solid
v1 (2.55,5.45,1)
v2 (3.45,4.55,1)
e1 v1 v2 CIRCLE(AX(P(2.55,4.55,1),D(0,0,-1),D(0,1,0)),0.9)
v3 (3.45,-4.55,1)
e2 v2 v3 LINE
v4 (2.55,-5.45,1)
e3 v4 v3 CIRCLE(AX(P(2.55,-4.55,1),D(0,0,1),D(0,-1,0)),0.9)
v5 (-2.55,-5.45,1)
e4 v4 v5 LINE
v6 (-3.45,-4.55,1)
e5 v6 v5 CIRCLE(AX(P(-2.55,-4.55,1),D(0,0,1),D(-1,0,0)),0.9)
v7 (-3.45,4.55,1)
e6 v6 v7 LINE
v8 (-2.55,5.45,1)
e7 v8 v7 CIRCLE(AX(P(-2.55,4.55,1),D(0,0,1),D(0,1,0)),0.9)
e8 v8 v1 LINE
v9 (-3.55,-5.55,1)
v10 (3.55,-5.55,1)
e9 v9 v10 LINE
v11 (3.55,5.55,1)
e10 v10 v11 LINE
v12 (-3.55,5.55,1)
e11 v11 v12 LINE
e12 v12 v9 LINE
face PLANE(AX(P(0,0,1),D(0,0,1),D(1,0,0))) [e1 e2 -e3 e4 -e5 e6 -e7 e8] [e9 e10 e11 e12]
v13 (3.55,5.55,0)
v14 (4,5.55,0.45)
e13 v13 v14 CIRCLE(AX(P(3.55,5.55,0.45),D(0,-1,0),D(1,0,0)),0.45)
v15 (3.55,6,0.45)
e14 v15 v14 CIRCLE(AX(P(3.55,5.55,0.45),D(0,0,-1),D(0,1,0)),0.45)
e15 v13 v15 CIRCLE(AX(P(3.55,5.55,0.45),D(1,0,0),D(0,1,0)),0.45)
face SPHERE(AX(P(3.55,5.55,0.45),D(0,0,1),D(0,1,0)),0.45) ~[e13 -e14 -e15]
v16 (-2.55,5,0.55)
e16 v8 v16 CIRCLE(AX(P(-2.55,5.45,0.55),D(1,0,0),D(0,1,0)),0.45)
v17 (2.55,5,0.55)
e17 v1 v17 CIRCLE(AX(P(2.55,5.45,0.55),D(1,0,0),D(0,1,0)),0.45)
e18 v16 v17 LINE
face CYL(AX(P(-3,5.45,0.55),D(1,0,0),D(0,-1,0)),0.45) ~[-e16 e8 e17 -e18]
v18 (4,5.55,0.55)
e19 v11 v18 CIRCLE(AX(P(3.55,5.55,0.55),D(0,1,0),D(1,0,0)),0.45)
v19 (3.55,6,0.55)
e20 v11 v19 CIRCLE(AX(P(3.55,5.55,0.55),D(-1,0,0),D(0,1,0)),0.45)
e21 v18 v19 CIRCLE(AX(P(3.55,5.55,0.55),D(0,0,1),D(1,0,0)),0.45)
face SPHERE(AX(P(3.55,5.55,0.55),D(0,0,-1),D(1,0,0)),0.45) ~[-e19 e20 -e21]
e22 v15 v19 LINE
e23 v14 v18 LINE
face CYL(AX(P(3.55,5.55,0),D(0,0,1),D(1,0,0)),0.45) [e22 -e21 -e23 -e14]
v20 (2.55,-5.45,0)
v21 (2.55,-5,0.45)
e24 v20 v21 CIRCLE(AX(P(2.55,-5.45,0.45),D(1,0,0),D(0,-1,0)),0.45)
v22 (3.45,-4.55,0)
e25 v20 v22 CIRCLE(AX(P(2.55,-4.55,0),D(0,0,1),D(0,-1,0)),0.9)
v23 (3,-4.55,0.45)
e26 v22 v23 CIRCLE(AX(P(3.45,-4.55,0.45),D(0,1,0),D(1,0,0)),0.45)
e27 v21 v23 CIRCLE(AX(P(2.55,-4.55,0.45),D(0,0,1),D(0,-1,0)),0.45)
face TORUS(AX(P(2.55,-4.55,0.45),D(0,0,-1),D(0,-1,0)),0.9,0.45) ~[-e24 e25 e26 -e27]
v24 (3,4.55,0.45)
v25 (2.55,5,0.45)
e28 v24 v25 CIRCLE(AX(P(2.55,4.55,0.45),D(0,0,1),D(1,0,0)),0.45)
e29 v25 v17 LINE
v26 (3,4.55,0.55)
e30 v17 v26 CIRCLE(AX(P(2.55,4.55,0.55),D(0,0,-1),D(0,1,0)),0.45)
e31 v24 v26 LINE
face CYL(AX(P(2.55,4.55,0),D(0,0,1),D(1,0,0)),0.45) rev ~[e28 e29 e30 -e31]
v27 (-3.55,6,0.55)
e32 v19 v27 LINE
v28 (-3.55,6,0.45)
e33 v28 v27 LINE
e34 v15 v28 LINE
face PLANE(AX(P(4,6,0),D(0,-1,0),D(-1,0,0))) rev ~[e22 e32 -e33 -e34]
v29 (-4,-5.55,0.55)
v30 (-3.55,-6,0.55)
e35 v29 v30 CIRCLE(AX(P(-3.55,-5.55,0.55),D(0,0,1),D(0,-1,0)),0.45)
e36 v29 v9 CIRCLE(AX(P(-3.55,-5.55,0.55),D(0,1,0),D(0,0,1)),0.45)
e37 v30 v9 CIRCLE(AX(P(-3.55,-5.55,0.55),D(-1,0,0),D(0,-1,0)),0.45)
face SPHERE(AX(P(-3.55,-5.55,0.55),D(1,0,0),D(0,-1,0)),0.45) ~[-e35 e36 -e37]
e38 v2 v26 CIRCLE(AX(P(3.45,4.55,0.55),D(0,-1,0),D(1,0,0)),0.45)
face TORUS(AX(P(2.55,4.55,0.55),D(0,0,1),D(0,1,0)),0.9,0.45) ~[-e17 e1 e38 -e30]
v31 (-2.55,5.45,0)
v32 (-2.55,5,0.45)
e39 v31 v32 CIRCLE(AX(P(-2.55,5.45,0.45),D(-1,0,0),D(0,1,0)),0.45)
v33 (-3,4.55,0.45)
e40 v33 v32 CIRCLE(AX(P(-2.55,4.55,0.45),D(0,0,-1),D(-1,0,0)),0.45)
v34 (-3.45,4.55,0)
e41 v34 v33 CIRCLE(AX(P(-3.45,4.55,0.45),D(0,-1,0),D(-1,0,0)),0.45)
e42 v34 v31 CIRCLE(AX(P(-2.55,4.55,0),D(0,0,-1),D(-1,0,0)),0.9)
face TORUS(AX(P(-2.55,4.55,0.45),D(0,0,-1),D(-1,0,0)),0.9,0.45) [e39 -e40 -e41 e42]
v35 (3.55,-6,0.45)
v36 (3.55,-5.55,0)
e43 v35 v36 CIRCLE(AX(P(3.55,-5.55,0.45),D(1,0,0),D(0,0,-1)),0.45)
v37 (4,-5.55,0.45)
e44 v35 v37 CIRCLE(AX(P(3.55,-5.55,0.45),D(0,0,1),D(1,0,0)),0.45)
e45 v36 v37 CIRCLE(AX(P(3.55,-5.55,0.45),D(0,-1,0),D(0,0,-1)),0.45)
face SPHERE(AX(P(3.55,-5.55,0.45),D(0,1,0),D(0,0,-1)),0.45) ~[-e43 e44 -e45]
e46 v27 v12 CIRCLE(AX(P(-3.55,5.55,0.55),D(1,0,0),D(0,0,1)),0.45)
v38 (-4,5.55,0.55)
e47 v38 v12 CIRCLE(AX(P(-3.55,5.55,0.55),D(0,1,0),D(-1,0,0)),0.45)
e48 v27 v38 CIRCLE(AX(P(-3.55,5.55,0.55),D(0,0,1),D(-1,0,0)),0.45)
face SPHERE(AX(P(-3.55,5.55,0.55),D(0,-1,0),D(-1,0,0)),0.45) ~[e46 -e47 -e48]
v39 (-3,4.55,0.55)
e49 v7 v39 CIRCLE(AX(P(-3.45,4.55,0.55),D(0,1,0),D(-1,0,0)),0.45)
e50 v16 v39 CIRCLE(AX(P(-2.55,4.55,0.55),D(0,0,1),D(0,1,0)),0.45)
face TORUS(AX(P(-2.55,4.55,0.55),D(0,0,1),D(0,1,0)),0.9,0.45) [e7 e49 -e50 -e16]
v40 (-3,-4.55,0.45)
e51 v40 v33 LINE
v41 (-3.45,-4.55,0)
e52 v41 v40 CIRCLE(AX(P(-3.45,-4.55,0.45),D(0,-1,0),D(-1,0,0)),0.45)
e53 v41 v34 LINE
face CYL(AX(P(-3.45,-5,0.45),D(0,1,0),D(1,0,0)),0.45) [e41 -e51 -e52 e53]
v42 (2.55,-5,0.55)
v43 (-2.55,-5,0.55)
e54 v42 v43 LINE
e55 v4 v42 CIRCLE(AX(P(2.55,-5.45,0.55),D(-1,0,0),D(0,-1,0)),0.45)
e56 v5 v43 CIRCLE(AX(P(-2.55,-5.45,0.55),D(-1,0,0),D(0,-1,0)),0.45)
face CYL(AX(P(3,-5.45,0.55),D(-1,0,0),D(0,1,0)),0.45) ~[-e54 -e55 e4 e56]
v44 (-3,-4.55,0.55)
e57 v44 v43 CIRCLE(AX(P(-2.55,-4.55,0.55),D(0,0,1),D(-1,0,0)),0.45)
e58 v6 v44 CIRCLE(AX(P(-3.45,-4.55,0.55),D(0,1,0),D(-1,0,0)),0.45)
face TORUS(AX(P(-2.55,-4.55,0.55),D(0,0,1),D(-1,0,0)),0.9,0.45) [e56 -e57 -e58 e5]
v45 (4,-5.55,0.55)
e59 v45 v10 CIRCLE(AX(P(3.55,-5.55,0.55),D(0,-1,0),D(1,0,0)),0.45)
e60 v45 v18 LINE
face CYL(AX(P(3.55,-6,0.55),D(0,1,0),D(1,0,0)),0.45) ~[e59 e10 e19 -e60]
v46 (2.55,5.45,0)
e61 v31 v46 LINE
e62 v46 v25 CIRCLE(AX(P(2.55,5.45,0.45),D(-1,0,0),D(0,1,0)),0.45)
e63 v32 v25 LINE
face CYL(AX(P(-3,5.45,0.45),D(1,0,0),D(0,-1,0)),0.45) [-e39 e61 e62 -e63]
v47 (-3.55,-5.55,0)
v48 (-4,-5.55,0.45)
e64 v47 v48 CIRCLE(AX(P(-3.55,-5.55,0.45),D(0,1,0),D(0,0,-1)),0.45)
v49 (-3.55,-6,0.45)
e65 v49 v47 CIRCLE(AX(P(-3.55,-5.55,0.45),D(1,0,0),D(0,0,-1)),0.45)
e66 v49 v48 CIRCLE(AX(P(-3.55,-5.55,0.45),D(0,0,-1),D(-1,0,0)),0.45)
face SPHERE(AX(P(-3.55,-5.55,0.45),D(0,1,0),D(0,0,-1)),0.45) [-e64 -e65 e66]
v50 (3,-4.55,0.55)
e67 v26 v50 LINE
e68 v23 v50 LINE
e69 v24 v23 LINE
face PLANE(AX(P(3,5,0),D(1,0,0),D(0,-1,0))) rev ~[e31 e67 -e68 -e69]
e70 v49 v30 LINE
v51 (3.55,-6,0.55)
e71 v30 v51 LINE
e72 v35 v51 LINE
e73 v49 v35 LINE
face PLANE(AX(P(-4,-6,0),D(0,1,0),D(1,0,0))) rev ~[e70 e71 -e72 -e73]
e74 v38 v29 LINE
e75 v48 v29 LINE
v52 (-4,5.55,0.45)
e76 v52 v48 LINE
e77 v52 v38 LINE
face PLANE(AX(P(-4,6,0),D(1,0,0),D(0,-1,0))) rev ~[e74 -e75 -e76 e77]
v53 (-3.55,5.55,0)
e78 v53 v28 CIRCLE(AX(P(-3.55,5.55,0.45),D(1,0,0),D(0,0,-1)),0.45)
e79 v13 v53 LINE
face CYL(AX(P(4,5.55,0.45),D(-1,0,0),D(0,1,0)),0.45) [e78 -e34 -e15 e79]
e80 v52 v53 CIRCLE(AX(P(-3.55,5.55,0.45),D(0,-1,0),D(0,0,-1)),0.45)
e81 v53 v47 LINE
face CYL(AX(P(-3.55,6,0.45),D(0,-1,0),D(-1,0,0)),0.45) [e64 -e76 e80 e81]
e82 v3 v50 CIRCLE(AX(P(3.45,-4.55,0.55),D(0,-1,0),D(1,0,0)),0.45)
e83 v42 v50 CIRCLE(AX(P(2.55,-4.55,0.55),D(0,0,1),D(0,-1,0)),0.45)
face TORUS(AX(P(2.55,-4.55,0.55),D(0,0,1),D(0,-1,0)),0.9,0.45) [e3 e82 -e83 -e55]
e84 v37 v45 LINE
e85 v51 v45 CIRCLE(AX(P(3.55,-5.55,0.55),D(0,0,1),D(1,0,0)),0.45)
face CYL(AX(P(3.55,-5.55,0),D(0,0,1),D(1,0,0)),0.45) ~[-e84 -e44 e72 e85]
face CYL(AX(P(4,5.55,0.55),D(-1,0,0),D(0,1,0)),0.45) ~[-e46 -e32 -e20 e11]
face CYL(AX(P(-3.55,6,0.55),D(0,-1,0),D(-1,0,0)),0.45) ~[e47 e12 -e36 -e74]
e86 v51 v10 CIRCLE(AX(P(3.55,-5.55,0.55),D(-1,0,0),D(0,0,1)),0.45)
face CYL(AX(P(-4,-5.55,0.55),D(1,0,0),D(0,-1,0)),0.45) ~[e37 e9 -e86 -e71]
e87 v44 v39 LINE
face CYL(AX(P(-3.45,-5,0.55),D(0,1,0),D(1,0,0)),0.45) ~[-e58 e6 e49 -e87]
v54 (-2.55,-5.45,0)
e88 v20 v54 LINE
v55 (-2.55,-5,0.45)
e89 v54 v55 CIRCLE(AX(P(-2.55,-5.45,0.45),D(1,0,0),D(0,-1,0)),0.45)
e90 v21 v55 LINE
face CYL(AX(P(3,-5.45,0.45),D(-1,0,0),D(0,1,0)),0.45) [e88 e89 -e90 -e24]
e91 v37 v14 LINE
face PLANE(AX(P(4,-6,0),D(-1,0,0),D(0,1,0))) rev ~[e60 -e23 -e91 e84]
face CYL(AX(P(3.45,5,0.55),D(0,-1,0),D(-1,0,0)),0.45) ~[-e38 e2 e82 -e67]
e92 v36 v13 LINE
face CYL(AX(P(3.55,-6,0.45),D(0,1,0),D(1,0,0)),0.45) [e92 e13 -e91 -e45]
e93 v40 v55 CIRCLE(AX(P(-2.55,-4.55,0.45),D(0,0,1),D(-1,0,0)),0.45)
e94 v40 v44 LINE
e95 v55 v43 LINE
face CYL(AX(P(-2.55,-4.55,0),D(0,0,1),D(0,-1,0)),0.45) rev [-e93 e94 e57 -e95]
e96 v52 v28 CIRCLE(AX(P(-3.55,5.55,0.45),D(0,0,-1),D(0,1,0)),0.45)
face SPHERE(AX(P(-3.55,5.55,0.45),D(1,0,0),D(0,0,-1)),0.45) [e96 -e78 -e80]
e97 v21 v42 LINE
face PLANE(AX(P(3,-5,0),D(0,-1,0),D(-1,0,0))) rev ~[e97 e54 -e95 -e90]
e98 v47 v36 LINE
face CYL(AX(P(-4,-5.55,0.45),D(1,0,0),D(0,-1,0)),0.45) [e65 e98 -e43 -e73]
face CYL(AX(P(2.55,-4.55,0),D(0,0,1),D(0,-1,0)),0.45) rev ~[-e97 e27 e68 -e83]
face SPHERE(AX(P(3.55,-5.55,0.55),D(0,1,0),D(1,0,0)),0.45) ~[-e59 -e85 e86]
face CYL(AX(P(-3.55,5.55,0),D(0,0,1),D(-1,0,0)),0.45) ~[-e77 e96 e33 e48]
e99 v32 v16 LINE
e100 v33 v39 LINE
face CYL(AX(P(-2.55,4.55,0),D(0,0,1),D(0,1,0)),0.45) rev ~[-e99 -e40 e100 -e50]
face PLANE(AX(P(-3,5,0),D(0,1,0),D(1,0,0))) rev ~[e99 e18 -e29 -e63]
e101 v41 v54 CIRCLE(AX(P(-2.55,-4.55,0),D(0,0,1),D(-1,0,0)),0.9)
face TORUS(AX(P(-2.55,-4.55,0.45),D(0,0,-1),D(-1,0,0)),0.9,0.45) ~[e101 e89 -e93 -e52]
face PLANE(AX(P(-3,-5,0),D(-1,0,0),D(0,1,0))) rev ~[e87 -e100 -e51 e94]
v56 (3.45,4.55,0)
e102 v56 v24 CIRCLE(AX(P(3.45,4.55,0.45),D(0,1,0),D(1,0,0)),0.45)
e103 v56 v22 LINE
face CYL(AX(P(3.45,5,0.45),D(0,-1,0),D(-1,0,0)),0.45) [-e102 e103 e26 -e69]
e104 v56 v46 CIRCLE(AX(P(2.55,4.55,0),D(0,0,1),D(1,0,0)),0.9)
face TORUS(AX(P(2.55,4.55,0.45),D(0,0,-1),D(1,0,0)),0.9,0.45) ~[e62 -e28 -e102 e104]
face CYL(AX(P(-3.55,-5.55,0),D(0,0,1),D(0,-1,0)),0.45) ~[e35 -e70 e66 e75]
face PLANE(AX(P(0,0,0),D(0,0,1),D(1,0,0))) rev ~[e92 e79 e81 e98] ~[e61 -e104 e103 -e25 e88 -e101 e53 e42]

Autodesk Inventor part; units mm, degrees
ref_plane "YZ Plane" through (0, 0, 0) normal (1, 0, 0) x (0, 1, 0)
ref_plane "XZ Plane" through (0, 0, 0) normal (0, 1, 0) x (-1, 0, 0)
ref_plane "XY Plane" through (0, 0, 0) normal (0, 0, 1) x (1, 0, 0)
sketch "Sketch1" plane through (0, 0, 0) normal (0, 0, 1) x (1, 0, 0)
  line L0 (-3, -5) -> (-3, 5)
  line L1 (-3, 5) -> (3, 5)
  line L2 (3, 5) -> (3, -5)
  line L3 (3, -5) -> (-3, -5)
  line L4 (-3, -5) -> (3, 5) construction
  line L5 (-3, 5) -> (3, -5) construction
  line L6 (4, 6) -> (-4, 6)
  line L7 (-4, 6) -> (-4, -6)
  line L8 (-4, -6) -> (4, -6)
  line L9 (4, -6) -> (4, 6)
  point P0 (0, 0)
  dimension "d0" = 6
  dimension "d1" = 10
  dimension "d2" = 1
extrude "Extrusion1" add sketch "Sketch1" along normal blind 1
fillet "Fillet1" radius 0.45 24 edges at (0, 5, 1) (-3, 0, 1) (-3, 0, 0) (0, -5, 1) (0, -5, 0) (3, 0, 1) (3, 0, 0) (0, 5, 0) (-3, 5, 0.5) (-3, -5, 0.5) (3, -5, 0.5) (3, 5, 0.5) (4, 6, 0.5) (0, 6, 0) (-4, 0, 0) (4, 0, 0) (4, 0, 1) (0, -6, 0) (4, -6, 0.5) (0, -6, 1) (-4, -6, 0.5) (-4, 0, 1) (-4, 6, 0.5) (0, 6, 1)
properties part number "winding"
